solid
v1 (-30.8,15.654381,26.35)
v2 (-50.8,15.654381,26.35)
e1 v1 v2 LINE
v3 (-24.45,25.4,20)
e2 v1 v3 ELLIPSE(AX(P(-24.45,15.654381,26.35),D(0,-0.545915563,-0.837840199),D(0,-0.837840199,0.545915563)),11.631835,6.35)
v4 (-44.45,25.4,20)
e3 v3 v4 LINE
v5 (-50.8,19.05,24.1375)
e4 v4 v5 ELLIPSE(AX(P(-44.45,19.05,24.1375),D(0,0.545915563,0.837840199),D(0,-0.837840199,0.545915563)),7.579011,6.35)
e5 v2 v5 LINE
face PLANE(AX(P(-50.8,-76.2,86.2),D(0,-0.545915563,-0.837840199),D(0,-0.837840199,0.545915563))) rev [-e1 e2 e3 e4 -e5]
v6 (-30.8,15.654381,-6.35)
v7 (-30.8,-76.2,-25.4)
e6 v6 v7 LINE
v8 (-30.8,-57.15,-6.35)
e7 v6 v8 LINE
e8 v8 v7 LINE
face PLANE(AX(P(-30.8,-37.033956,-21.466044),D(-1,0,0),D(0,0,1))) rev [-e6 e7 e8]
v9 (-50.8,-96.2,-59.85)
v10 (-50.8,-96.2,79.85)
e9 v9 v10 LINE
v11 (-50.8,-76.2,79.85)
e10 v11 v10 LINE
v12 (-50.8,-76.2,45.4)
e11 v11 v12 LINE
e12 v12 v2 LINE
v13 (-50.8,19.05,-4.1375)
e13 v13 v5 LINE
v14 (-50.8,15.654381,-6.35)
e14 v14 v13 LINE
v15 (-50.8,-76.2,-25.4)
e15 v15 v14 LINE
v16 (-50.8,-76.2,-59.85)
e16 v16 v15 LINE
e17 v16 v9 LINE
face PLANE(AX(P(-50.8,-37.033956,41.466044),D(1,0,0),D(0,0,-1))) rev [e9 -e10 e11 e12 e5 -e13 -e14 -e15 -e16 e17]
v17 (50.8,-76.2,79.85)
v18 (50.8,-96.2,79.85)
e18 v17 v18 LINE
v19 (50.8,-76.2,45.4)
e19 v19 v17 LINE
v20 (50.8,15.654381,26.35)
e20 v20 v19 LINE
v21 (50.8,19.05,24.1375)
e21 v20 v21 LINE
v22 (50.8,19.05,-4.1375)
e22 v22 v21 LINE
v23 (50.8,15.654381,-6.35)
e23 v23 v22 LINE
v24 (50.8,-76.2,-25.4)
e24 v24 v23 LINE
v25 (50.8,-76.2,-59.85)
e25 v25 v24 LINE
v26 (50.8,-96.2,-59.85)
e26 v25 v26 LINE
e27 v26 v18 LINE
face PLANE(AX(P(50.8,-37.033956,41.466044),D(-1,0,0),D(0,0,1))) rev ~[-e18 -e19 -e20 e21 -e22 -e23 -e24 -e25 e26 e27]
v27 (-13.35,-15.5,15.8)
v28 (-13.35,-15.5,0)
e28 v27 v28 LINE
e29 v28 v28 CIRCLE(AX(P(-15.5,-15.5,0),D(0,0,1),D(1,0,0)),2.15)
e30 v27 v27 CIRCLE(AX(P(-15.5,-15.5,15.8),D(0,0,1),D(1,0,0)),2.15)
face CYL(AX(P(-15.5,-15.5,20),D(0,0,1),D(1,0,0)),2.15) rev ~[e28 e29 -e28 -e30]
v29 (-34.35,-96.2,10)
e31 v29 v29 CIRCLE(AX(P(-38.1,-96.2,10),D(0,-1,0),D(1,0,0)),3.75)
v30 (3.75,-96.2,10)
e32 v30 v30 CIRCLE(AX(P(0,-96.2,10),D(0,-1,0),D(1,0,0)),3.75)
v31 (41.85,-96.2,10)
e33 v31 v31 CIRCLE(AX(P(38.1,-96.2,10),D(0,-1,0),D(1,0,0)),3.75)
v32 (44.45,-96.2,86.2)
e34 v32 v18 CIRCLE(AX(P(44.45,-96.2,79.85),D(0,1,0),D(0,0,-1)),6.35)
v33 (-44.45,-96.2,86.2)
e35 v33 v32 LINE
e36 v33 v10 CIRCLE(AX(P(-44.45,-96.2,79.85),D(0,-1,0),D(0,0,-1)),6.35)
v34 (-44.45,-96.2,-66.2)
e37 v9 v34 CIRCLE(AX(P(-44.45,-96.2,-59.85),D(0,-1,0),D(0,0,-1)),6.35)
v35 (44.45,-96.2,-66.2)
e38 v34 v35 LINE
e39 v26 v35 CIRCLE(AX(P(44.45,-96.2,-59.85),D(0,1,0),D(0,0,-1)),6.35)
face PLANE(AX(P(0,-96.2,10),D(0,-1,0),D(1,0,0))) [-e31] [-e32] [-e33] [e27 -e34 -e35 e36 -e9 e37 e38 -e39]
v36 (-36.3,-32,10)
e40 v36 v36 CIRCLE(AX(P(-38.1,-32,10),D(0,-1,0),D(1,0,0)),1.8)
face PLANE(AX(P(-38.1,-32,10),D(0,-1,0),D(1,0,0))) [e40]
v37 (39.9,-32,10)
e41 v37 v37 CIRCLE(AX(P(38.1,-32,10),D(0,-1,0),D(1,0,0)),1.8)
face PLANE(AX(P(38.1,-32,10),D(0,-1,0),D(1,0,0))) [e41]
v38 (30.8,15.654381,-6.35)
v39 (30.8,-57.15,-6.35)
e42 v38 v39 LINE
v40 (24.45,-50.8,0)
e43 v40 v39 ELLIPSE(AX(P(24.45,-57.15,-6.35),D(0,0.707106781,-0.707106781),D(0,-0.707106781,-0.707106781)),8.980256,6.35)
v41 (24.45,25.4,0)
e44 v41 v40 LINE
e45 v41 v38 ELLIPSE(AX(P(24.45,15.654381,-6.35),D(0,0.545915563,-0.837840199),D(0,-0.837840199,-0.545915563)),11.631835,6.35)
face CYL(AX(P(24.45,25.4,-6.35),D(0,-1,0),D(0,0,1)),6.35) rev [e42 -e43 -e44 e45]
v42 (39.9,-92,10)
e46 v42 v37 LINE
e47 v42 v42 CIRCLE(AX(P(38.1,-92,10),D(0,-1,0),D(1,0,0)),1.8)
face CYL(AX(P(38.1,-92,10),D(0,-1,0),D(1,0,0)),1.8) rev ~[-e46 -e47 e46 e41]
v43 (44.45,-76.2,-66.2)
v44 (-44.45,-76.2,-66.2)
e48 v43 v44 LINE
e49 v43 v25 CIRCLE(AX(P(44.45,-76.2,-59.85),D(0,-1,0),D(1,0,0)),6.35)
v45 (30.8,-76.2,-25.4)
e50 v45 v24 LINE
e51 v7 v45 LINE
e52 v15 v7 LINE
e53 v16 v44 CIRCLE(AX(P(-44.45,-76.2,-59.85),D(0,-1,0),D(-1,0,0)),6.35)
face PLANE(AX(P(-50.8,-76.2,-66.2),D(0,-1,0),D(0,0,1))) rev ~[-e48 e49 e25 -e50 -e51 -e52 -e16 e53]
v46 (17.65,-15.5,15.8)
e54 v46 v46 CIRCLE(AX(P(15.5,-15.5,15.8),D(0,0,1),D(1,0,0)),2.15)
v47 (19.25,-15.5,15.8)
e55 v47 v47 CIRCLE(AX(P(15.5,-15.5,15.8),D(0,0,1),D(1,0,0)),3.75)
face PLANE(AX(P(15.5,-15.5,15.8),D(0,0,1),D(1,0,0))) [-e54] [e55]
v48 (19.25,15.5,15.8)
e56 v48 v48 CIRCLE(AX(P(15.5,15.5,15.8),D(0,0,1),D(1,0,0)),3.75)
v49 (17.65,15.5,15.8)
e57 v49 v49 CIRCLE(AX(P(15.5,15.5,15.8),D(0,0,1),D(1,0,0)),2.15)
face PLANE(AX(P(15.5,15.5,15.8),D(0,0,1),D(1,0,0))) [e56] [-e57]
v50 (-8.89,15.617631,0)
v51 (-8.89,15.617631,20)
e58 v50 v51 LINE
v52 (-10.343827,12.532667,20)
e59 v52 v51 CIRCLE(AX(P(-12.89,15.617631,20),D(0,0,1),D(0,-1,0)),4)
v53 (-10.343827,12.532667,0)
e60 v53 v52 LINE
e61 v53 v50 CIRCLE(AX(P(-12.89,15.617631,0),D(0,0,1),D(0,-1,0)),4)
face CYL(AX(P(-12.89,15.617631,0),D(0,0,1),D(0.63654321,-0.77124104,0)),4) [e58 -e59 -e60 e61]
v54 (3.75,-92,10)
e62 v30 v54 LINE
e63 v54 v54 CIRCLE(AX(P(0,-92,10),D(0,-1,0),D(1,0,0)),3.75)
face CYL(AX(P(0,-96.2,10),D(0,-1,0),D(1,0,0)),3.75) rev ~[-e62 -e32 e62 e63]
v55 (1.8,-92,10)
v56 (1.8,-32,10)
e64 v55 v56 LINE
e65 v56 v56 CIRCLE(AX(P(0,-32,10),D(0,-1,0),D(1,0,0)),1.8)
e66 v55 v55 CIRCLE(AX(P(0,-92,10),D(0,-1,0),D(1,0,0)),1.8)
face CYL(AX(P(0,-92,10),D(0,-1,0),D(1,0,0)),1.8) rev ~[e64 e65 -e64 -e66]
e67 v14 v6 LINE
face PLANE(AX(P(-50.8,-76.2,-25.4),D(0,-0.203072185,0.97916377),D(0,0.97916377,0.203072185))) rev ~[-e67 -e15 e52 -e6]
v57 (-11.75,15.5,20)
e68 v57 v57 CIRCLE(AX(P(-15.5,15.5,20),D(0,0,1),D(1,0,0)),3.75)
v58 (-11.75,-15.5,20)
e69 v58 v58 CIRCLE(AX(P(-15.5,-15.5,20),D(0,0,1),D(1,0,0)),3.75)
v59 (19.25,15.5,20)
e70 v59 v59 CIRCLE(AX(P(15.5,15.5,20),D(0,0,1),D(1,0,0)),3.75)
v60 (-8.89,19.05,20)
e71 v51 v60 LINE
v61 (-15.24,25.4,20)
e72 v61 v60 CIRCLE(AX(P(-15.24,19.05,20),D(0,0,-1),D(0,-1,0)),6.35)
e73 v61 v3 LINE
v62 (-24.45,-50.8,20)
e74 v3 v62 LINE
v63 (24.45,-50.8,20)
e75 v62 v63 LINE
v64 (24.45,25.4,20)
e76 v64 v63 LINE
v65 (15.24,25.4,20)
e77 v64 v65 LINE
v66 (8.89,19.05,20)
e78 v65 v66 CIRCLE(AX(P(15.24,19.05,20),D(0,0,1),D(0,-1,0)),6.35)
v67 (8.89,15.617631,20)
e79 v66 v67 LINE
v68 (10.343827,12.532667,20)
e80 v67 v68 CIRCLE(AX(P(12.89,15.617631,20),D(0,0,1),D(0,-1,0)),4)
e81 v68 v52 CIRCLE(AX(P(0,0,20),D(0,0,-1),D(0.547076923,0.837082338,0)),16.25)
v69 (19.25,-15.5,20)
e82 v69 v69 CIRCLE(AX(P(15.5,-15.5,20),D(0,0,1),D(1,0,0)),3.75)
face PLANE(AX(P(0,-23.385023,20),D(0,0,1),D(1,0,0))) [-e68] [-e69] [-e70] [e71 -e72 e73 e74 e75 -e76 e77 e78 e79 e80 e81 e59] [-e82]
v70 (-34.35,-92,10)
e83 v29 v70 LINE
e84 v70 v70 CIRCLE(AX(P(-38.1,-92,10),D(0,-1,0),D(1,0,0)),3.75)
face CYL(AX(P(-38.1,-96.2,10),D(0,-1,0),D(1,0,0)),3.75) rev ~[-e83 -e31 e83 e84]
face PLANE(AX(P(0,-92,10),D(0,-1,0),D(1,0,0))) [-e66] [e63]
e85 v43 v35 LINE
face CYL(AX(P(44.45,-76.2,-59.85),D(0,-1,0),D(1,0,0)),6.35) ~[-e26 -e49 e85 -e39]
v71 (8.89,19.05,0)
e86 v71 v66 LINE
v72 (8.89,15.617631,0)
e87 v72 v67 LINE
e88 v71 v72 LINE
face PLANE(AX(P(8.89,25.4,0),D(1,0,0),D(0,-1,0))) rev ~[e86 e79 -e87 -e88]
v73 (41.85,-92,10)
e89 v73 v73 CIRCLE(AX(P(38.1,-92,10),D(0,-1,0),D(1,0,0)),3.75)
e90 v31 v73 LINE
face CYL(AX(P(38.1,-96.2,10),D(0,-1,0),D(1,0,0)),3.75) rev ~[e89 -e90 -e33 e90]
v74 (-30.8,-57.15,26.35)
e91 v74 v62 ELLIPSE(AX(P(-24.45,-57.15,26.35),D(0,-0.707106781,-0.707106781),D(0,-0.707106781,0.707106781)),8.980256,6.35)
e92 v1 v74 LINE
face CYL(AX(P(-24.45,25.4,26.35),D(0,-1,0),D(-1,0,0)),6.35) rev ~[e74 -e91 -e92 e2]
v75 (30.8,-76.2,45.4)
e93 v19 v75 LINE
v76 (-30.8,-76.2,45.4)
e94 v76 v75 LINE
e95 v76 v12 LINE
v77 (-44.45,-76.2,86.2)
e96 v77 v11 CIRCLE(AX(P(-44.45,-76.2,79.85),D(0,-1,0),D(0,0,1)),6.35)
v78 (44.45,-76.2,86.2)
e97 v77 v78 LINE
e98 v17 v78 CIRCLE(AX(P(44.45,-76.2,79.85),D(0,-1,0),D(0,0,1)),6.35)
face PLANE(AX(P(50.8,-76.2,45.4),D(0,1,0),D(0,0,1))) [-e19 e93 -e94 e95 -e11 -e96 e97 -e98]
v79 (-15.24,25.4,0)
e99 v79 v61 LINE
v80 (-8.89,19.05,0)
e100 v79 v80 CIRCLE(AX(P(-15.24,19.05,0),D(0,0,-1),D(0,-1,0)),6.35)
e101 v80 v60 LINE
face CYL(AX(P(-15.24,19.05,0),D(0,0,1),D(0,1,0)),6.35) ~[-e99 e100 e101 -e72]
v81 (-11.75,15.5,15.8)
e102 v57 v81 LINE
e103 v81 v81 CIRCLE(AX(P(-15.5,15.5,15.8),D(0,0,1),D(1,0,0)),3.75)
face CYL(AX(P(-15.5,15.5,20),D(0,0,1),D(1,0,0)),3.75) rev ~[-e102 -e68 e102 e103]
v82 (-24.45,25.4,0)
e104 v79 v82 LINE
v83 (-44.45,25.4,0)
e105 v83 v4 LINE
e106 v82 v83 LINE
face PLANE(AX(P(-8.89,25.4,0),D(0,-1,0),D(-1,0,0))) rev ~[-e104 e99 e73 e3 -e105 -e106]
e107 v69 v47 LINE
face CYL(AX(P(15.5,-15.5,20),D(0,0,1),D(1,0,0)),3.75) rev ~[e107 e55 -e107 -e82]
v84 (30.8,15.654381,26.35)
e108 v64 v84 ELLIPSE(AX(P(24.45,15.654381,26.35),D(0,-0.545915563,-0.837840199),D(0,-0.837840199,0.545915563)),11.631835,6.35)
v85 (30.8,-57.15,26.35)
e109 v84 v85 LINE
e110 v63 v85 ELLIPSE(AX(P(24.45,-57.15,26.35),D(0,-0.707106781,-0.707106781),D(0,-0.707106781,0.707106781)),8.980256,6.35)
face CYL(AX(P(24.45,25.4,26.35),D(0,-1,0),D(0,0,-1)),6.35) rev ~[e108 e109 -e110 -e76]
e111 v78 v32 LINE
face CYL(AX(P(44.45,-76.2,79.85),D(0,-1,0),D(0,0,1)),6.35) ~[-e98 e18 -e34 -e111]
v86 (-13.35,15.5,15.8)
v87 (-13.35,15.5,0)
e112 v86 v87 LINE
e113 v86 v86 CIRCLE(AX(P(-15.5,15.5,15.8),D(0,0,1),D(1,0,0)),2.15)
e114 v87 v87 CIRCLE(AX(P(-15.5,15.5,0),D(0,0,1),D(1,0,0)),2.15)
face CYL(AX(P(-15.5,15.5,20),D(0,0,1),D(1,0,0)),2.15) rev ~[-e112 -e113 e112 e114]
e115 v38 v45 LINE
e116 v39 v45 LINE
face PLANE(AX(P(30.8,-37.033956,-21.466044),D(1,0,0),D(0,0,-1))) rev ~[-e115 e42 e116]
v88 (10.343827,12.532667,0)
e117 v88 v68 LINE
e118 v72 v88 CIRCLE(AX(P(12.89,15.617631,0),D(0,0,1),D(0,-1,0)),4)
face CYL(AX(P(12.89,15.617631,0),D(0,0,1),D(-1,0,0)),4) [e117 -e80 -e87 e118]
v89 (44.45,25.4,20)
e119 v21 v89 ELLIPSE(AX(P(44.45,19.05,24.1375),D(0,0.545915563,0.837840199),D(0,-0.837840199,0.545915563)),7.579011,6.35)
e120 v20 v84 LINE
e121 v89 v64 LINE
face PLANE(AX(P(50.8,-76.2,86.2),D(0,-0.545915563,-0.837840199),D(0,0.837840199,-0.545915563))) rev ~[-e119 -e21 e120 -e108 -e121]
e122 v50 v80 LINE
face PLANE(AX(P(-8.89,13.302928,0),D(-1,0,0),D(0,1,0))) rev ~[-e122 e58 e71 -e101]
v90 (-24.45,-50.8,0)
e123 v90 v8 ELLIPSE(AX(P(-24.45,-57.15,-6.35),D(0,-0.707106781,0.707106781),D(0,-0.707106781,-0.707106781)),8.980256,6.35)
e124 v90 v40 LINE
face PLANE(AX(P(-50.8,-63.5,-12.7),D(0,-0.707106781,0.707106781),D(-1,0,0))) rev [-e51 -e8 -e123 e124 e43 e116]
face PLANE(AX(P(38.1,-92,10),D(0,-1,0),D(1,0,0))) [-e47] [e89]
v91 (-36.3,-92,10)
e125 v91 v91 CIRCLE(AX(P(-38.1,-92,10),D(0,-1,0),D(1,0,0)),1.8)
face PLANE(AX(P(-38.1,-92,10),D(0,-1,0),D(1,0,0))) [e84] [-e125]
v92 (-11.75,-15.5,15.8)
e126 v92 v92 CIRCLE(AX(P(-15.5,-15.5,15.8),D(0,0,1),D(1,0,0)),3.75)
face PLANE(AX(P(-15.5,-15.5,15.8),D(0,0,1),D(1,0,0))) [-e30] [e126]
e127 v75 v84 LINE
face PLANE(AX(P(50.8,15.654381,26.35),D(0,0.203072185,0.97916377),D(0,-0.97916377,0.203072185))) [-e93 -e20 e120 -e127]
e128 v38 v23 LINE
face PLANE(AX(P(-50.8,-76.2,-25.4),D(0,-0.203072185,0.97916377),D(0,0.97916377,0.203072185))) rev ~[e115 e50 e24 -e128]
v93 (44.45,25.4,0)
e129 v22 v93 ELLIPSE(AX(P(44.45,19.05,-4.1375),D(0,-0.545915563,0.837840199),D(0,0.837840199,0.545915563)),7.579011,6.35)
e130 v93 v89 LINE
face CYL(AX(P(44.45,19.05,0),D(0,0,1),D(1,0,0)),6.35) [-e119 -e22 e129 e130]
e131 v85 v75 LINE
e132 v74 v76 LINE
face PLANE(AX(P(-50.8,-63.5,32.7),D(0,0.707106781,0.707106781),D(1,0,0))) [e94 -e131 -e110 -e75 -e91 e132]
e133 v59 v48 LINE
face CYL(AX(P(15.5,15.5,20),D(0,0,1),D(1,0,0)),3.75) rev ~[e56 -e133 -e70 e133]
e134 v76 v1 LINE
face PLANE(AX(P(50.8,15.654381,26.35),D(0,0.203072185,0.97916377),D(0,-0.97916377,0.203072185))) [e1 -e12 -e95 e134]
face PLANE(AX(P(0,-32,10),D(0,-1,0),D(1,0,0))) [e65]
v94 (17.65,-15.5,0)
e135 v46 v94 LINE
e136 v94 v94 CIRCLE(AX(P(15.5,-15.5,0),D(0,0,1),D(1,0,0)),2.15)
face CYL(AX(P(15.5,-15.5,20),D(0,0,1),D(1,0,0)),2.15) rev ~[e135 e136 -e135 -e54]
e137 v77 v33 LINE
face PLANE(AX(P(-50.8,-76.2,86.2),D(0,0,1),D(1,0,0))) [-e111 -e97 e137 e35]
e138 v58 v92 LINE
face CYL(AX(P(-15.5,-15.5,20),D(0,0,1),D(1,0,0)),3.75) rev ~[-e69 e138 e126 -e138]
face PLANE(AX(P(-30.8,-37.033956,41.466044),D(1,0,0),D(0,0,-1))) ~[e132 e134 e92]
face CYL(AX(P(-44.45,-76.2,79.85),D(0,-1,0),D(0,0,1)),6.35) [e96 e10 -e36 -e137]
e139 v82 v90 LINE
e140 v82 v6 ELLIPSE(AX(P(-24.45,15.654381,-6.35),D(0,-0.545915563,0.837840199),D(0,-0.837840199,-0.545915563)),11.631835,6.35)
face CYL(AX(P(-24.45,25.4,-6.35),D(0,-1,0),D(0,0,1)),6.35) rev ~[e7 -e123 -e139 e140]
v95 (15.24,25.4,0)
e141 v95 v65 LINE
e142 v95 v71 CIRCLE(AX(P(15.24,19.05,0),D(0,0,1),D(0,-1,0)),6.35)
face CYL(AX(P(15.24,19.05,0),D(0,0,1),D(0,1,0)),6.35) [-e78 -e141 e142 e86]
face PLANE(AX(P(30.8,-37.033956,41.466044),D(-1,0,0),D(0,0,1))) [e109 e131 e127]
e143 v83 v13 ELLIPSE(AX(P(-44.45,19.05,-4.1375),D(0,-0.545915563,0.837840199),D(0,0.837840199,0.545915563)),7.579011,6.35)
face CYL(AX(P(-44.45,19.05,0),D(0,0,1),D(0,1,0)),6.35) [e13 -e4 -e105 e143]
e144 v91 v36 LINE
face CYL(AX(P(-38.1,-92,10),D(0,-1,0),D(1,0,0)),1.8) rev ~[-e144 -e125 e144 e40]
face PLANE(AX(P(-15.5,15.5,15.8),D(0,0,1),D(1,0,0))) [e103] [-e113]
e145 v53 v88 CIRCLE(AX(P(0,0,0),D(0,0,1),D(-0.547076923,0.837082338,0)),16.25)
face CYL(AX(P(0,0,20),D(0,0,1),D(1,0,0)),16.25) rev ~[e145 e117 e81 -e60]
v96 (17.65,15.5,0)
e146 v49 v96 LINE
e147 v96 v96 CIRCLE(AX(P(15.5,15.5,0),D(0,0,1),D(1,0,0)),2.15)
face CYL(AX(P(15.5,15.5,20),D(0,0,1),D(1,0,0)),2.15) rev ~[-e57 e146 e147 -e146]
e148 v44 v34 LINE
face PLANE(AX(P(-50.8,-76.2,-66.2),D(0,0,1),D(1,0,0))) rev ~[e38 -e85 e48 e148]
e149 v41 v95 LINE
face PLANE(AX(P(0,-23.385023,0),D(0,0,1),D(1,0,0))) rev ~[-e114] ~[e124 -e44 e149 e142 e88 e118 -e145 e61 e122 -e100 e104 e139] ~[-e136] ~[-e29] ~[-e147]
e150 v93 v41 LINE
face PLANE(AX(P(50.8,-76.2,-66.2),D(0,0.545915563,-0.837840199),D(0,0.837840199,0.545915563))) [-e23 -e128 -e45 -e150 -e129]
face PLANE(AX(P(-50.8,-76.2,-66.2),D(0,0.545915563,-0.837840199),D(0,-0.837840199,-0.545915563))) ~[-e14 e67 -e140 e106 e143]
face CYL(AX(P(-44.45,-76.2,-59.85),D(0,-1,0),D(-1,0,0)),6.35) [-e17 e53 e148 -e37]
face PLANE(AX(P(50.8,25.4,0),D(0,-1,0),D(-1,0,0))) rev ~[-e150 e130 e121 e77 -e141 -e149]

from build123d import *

# Parameters (mm, degrees)
BOSS_EXTRUDE1_DEPTH = 20
SKETCH2_R           = 16.25
SKETCH2_R_2         = 2.15
CUT_EXTRUDE1_DEPTH  = 20
SKETCH5_R           = 3.75
CUT_EXTRUDE4_DEPTH  = 4.2
FILLET3_R           = 4
SKETCH6_W           = 101.6
SKETCH6_H           = 152.4
BOSS_EXTRUDE2_DEPTH = 20
SKETCH7_R           = 3.75
CUT_EXTRUDE5_DEPTH  = 4.2
SKETCH8_R           = 1.8
CUT_EXTRUDE6_DEPTH  = 60
CHAMFER1_SIZE       = 25.4
BOSS_EXTRUDE4_DEPTH = 20
FILLET4_R           = 6.35
CUT_EXTRUDE8_DEPTH  = 165.339404891
CUT_EXTRUDE9_DEPTH  = 165.339404891


with BuildPart() as part:
    # Sketch1 → Boss-Extrude1 (new body)
    with BuildSketch(Plane.XY):
        Polygon((50.8, 25.4), (8.89, 25.4), (8.89, 13.302928249), (-8.89, 13.302928249), (-8.89, 25.4), (-50.8, 25.4), (-50.8, -76.2), (50.8, -76.2), align=None)
    extrude(amount=BOSS_EXTRUDE1_DEPTH)

    # Sketch2 → Cut-Extrude1 (cut)
    with BuildSketch(Plane.XY.offset(20)):
        Circle(SKETCH2_R)
        with Locations((-15.5, -15.5)):
            Circle(SKETCH2_R_2)
        with Locations((-15.5, 15.5)):
            Circle(SKETCH2_R_2)
        with Locations((15.5, -15.5)):
            Circle(SKETCH2_R_2)
        with Locations((15.5, 15.5)):
            Circle(SKETCH2_R_2)
    extrude(amount=-CUT_EXTRUDE1_DEPTH, mode=Mode.SUBTRACT)

    # Sketch5 → Cut-Extrude4 (cut)
    with BuildSketch(Plane.XY.offset(20)):
        with Locations((-15.5, 15.5)):
            Circle(SKETCH5_R)
        with Locations((15.5, 15.5)):
            Circle(SKETCH5_R)
        with Locations((15.5, -15.5)):
            Circle(SKETCH5_R)
        with Locations((-15.5, -15.5)):
            Circle(SKETCH5_R)
    extrude(amount=-CUT_EXTRUDE4_DEPTH, mode=Mode.SUBTRACT)

    # Fillet3
    fillet3_edges = [part.edges().sort_by_distance(p)[0] for p in [
        (8.89, 13.602587989, 10),
        (-8.89, 13.602587989, 10),
    ]]
    fillet(fillet3_edges, radius=FILLET3_R)

    # Sketch6 → Boss-Extrude2 (add)
    with BuildSketch(Plane.XZ.offset(76.2)):
        with Locations((0, 10)):
            Rectangle(SKETCH6_W, SKETCH6_H)
    extrude(amount=BOSS_EXTRUDE2_DEPTH)

    # Sketch7 → Cut-Extrude5 (cut)
    with BuildSketch(Plane.XZ.offset(96.2)):
        with Locations((-38.1, 10)):
            Circle(SKETCH7_R)
        with Locations((38.1, 10)):
            Circle(SKETCH7_R)
        with Locations((0, 10)):
            Circle(SKETCH7_R)
    extrude(amount=-CUT_EXTRUDE5_DEPTH, mode=Mode.SUBTRACT)

    # Sketch8 → Cut-Extrude6 (cut)
    with BuildSketch(Plane.XZ.offset(92)):
        with Locations((-38.1, 10)):
            Circle(SKETCH8_R)
        with Locations((38.1, 10)):
            Circle(SKETCH8_R)
        with Locations((0, 10)):
            Circle(SKETCH8_R)
    extrude(amount=-CUT_EXTRUDE6_DEPTH, mode=Mode.SUBTRACT)

    # Chamfer1
    chamfer1_edges = [part.edges().sort_by_distance(p)[0] for p in [
        (0, -76.2, 0),
        (0, -76.2, 20),
    ]]
    chamfer(chamfer1_edges, length=CHAMFER1_SIZE)

    # Sketch12 → Boss-Extrude4 (add)
    with BuildSketch(Plane(origin=(50.8, 0, 0), x_dir=(0, 0, -1), z_dir=(1, 0, 0))):
        Polygon((-86.2, -76.2), (-20, 25.4), (-20, -76.2), align=None)
        Polygon((0, -76.2), (66.2, -76.2), (0, 25.4), align=None)
    boss_extrude4 = extrude(amount=-BOSS_EXTRUDE4_DEPTH)

    # Mirror2: Boss-Extrude4 across plane
    add(boss_extrude4.mirror(Plane(origin=(0, 0, 0), x_dir=(0, 0, 1), z_dir=(1, 0, 0))))

    # Fillet4
    fillet4_edges = [part.edges().sort_by_distance(p)[0] for p in [
        (50.8, -86.2, -66.2),
        (50.8, -86.2, 86.2),
        (-50.8, -86.2, 86.2),
        (-50.8, -86.2, -66.2),
        (-50.8, 25.4, 10),
        (-8.89, 25.4, 10),
        (8.89, 25.4, 10),
        (50.8, 25.4, 10),
        (30.8, -12.7, 20),
        (30.8, -12.7, 0),
        (-30.8, -12.7, 20),
        (-30.8, -12.7, 0),
    ]]
    fillet(fillet4_edges, radius=FILLET4_R)

    # Sketch16 → Cut-Extrude8 (cut, through all)
    with BuildSketch(Plane.ZY.offset(50.8)):
        Polygon((-66.2, -76.2), (-25.4, -76.2), (-6.35, 15.654380665), align=None)
    extrude(amount=-CUT_EXTRUDE8_DEPTH, mode=Mode.SUBTRACT)

    # Sketch14 → Cut-Extrude9 (cut, through all)
    with BuildSketch(Plane(origin=(50.8, 0, 0), x_dir=(0, 0, -1), z_dir=(1, 0, 0))):
        Polygon((-86.2, -76.2), (-26.35, 15.654380665), (-45.4, -76.2), align=None)
    extrude(amount=-CUT_EXTRUDE9_DEPTH, mode=Mode.SUBTRACT)


solid = part.part
